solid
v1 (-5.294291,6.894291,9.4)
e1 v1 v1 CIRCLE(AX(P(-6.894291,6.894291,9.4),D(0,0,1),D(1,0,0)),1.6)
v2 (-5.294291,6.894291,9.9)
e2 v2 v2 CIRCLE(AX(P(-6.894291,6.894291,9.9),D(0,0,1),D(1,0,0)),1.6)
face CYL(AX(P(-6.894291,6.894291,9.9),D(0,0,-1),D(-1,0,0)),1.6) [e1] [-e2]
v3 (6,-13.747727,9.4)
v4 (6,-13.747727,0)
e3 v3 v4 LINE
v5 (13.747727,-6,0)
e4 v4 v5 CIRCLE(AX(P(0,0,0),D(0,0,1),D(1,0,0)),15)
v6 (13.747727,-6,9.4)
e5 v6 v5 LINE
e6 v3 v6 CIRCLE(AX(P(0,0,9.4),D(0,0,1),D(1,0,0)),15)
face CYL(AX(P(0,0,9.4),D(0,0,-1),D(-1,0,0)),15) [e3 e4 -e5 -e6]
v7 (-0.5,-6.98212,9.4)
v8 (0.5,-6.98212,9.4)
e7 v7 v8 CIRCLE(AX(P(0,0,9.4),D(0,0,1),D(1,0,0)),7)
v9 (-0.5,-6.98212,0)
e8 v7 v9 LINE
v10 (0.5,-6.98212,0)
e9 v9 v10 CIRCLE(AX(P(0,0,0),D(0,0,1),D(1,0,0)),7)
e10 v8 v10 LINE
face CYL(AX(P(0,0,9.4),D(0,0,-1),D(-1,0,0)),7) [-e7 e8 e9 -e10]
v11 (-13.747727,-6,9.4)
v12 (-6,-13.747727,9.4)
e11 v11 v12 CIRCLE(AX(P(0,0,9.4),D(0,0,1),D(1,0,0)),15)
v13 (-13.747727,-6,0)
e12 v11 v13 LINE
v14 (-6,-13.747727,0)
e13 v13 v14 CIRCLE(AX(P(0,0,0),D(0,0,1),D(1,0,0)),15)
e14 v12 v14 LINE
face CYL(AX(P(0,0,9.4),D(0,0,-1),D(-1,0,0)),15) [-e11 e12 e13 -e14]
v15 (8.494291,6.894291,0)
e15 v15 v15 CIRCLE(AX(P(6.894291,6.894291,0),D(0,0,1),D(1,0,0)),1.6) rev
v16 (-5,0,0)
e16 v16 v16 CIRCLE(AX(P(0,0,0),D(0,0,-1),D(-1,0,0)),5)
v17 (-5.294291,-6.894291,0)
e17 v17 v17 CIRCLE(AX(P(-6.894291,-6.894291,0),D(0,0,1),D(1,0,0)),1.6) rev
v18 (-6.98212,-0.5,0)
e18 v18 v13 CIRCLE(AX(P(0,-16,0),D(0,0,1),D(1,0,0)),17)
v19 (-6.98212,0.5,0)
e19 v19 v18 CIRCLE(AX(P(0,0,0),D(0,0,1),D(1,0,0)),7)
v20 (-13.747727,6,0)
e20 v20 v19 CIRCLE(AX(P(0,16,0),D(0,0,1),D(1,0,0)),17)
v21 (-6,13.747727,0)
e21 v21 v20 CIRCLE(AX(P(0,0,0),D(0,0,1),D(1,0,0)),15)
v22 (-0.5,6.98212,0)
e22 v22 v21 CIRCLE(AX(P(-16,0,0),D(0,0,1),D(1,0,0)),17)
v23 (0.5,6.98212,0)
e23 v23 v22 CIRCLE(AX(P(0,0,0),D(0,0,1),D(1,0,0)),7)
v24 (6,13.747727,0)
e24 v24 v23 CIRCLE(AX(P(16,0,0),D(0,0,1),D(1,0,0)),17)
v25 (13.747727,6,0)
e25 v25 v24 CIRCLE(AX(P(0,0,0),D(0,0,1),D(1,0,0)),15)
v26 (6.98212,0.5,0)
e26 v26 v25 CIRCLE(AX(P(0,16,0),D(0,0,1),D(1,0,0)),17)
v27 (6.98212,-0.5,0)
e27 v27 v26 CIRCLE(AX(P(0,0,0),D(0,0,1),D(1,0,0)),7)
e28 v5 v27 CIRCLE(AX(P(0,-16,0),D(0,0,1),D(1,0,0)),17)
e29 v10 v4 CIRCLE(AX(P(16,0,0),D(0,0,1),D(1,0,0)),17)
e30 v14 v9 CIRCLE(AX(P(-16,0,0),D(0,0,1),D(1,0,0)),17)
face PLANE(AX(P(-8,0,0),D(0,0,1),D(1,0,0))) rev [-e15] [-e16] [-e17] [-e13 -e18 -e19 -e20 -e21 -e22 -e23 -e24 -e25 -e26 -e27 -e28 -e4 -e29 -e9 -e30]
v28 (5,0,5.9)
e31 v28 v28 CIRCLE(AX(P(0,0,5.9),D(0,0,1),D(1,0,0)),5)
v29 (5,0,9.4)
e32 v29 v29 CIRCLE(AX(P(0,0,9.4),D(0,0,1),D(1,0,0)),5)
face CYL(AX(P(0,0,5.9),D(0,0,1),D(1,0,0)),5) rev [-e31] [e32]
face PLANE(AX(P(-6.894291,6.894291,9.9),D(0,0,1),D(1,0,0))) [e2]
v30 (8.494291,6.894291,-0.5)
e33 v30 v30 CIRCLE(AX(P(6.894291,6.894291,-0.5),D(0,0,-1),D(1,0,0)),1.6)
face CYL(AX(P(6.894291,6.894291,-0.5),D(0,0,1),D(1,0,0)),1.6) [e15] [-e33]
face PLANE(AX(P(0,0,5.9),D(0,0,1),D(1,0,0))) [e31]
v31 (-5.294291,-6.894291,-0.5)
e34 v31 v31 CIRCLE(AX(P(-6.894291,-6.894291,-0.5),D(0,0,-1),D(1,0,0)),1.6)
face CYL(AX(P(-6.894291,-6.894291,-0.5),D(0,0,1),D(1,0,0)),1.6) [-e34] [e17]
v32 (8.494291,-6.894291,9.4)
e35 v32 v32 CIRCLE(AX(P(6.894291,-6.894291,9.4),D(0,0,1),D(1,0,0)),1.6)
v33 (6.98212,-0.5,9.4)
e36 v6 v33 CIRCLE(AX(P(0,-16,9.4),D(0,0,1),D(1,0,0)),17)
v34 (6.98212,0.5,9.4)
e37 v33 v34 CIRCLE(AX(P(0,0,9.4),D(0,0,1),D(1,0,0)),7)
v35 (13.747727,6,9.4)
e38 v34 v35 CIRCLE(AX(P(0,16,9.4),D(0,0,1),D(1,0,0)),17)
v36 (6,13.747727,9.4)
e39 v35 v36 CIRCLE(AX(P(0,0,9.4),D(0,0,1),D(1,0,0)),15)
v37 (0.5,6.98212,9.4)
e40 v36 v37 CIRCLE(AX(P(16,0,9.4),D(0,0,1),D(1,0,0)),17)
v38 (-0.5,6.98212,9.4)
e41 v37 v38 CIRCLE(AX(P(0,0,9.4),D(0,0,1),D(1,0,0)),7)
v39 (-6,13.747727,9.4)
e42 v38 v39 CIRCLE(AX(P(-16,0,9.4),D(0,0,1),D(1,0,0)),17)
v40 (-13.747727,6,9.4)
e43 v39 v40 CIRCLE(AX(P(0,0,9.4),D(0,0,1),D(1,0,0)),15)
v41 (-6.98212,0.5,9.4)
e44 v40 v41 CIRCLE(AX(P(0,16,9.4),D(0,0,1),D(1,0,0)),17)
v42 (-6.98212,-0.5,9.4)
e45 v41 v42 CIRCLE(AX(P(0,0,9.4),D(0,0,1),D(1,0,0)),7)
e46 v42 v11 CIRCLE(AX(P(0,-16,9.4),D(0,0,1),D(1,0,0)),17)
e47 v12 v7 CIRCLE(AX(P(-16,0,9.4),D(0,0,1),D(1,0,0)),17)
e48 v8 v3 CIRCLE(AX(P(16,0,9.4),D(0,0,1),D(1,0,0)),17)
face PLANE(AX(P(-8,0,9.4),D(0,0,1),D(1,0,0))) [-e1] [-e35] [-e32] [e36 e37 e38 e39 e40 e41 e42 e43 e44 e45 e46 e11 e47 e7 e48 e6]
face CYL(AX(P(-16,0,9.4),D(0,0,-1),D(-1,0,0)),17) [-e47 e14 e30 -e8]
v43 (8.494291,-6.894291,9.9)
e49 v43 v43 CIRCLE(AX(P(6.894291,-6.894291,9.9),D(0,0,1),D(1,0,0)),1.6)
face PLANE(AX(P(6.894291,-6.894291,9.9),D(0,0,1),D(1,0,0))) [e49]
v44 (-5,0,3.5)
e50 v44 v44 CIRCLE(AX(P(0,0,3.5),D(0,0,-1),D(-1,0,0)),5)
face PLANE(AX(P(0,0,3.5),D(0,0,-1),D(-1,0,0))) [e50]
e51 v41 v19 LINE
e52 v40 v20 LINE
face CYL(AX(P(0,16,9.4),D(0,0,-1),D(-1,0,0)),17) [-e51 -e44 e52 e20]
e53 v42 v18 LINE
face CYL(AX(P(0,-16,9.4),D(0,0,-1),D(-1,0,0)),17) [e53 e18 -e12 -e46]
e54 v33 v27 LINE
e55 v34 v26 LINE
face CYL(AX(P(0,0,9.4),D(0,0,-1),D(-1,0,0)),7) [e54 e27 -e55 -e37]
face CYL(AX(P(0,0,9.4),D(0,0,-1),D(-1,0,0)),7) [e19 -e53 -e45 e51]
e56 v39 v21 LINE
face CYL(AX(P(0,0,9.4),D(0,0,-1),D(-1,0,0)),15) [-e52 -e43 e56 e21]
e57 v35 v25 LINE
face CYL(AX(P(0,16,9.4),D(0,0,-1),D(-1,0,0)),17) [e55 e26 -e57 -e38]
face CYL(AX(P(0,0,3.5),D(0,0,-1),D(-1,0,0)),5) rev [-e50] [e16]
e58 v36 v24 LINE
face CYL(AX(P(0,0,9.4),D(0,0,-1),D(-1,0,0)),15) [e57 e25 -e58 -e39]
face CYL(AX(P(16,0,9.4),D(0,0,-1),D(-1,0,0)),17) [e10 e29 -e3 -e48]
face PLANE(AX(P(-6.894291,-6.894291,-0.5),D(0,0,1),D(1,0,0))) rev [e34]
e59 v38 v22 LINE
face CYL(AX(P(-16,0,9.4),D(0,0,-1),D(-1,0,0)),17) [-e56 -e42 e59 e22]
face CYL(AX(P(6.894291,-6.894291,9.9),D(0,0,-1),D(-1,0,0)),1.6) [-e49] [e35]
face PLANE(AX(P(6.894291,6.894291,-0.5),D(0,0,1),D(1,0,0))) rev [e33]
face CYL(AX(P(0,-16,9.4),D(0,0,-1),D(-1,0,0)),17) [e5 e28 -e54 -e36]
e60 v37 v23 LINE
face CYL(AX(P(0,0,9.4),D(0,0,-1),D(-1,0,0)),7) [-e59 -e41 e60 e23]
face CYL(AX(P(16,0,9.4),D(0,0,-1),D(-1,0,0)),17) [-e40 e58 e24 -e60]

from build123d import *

# Parameters (mm, degrees)
BOSS_EXTRUDE1_DEPTH = 9.4
SKETCH2_R           = 5
CUT_EXTRUDE1_DEPTH  = 3.5
CUT_EXTRUDE2_START  = -3.5
SKETCH3_R           = 5
CUT_EXTRUDE2_DEPTH  = 3.5
SKETCH4_R           = 1.6
BOSS_EXTRUDE2_DEPTH = 0.5
SKETCH5_R           = 1.6
BOSS_EXTRUDE3_DEPTH = 0.5


with BuildPart() as part:
    # Sketch1 → Boss-Extrude1 (new body)
    with BuildSketch(Plane.XY):
        with BuildLine():
            ThreePointArc((6, -13.747727085), (10.606601718, -10.606601718), (13.747727085, -6))
            ThreePointArc((13.747727085, -6), (10.72353208, -2.808871931), (6.982120022, -0.5))
            ThreePointArc((6.982120022, -0.5), (7, 0), (6.982120022, 0.5))
            ThreePointArc((6.982120022, 0.5), (10.72353208, 2.808871931), (13.747727085, 6))
            ThreePointArc((13.747727085, 6), (10.606601718, 10.606601718), (6, 13.747727085))
            ThreePointArc((6, 13.747727085), (2.808871931, 10.72353208), (0.5, 6.982120022))
            ThreePointArc((0.5, 6.982120022), (0, 7), (-0.5, 6.982120022))
            ThreePointArc((-0.5, 6.982120022), (-2.808871931, 10.72353208), (-6, 13.747727085))
            ThreePointArc((-6, 13.747727085), (-10.606601718, 10.606601718), (-13.747727085, 6))
            ThreePointArc((-13.747727085, 6), (-10.72353208, 2.808871931), (-6.982120022, 0.5))
            ThreePointArc((-6.982120022, 0.5), (-7, 0), (-6.982120022, -0.5))
            ThreePointArc((-6.982120022, -0.5), (-10.72353208, -2.808871931), (-13.747727085, -6))
            ThreePointArc((-13.747727085, -6), (-10.606601718, -10.606601718), (-6, -13.747727085))
            ThreePointArc((-6, -13.747727085), (-2.808871931, -10.72353208), (-0.5, -6.982120022))
            ThreePointArc((-0.5, -6.982120022), (0, -7), (0.5, -6.982120022))
            ThreePointArc((0.5, -6.982120022), (2.808871931, -10.72353208), (6, -13.747727085))
        make_face()
    extrude(amount=BOSS_EXTRUDE1_DEPTH)

    # Sketch2 → Cut-Extrude1 (cut)
    with BuildSketch(Plane.XY.offset(9.4)):
        Circle(SKETCH2_R)
    extrude(amount=-CUT_EXTRUDE1_DEPTH, mode=Mode.SUBTRACT)

    # Sketch3 → Cut-Extrude2 (cut)
    with BuildSketch(Plane(origin=(0, 0, 0), x_dir=(-1, 0, 0), z_dir=(0, 0, -1)).offset(CUT_EXTRUDE2_START)):
        with Locations(Location((0, 0, 0), (0, 0, 180))):
            Circle(SKETCH3_R)
    extrude(amount=CUT_EXTRUDE2_DEPTH, mode=Mode.SUBTRACT)

    # Sketch4 → Boss-Extrude2 (add)
    with BuildSketch(Plane.XY.offset(9.4)):
        with Locations((-6.894291117, 6.894291117)):
            Circle(SKETCH4_R)
        with Locations((6.894291117, -6.894291117)):
            Circle(SKETCH4_R)
    extrude(amount=BOSS_EXTRUDE2_DEPTH)

    # Sketch5 → Boss-Extrude3 (add)
    with BuildSketch(Plane(origin=(0, 0, 0), x_dir=(-1, 0, 0), z_dir=(0, 0, -1))):
        with Locations(Location((-6.894291117, 6.894291117, 0), (0, 0, 180))):
            Circle(SKETCH5_R)
        with Locations(Location((6.894291117, -6.894291117, 0), (0, 0, 180))):
            Circle(SKETCH5_R)
    extrude(amount=BOSS_EXTRUDE3_DEPTH)


solid = part.part
